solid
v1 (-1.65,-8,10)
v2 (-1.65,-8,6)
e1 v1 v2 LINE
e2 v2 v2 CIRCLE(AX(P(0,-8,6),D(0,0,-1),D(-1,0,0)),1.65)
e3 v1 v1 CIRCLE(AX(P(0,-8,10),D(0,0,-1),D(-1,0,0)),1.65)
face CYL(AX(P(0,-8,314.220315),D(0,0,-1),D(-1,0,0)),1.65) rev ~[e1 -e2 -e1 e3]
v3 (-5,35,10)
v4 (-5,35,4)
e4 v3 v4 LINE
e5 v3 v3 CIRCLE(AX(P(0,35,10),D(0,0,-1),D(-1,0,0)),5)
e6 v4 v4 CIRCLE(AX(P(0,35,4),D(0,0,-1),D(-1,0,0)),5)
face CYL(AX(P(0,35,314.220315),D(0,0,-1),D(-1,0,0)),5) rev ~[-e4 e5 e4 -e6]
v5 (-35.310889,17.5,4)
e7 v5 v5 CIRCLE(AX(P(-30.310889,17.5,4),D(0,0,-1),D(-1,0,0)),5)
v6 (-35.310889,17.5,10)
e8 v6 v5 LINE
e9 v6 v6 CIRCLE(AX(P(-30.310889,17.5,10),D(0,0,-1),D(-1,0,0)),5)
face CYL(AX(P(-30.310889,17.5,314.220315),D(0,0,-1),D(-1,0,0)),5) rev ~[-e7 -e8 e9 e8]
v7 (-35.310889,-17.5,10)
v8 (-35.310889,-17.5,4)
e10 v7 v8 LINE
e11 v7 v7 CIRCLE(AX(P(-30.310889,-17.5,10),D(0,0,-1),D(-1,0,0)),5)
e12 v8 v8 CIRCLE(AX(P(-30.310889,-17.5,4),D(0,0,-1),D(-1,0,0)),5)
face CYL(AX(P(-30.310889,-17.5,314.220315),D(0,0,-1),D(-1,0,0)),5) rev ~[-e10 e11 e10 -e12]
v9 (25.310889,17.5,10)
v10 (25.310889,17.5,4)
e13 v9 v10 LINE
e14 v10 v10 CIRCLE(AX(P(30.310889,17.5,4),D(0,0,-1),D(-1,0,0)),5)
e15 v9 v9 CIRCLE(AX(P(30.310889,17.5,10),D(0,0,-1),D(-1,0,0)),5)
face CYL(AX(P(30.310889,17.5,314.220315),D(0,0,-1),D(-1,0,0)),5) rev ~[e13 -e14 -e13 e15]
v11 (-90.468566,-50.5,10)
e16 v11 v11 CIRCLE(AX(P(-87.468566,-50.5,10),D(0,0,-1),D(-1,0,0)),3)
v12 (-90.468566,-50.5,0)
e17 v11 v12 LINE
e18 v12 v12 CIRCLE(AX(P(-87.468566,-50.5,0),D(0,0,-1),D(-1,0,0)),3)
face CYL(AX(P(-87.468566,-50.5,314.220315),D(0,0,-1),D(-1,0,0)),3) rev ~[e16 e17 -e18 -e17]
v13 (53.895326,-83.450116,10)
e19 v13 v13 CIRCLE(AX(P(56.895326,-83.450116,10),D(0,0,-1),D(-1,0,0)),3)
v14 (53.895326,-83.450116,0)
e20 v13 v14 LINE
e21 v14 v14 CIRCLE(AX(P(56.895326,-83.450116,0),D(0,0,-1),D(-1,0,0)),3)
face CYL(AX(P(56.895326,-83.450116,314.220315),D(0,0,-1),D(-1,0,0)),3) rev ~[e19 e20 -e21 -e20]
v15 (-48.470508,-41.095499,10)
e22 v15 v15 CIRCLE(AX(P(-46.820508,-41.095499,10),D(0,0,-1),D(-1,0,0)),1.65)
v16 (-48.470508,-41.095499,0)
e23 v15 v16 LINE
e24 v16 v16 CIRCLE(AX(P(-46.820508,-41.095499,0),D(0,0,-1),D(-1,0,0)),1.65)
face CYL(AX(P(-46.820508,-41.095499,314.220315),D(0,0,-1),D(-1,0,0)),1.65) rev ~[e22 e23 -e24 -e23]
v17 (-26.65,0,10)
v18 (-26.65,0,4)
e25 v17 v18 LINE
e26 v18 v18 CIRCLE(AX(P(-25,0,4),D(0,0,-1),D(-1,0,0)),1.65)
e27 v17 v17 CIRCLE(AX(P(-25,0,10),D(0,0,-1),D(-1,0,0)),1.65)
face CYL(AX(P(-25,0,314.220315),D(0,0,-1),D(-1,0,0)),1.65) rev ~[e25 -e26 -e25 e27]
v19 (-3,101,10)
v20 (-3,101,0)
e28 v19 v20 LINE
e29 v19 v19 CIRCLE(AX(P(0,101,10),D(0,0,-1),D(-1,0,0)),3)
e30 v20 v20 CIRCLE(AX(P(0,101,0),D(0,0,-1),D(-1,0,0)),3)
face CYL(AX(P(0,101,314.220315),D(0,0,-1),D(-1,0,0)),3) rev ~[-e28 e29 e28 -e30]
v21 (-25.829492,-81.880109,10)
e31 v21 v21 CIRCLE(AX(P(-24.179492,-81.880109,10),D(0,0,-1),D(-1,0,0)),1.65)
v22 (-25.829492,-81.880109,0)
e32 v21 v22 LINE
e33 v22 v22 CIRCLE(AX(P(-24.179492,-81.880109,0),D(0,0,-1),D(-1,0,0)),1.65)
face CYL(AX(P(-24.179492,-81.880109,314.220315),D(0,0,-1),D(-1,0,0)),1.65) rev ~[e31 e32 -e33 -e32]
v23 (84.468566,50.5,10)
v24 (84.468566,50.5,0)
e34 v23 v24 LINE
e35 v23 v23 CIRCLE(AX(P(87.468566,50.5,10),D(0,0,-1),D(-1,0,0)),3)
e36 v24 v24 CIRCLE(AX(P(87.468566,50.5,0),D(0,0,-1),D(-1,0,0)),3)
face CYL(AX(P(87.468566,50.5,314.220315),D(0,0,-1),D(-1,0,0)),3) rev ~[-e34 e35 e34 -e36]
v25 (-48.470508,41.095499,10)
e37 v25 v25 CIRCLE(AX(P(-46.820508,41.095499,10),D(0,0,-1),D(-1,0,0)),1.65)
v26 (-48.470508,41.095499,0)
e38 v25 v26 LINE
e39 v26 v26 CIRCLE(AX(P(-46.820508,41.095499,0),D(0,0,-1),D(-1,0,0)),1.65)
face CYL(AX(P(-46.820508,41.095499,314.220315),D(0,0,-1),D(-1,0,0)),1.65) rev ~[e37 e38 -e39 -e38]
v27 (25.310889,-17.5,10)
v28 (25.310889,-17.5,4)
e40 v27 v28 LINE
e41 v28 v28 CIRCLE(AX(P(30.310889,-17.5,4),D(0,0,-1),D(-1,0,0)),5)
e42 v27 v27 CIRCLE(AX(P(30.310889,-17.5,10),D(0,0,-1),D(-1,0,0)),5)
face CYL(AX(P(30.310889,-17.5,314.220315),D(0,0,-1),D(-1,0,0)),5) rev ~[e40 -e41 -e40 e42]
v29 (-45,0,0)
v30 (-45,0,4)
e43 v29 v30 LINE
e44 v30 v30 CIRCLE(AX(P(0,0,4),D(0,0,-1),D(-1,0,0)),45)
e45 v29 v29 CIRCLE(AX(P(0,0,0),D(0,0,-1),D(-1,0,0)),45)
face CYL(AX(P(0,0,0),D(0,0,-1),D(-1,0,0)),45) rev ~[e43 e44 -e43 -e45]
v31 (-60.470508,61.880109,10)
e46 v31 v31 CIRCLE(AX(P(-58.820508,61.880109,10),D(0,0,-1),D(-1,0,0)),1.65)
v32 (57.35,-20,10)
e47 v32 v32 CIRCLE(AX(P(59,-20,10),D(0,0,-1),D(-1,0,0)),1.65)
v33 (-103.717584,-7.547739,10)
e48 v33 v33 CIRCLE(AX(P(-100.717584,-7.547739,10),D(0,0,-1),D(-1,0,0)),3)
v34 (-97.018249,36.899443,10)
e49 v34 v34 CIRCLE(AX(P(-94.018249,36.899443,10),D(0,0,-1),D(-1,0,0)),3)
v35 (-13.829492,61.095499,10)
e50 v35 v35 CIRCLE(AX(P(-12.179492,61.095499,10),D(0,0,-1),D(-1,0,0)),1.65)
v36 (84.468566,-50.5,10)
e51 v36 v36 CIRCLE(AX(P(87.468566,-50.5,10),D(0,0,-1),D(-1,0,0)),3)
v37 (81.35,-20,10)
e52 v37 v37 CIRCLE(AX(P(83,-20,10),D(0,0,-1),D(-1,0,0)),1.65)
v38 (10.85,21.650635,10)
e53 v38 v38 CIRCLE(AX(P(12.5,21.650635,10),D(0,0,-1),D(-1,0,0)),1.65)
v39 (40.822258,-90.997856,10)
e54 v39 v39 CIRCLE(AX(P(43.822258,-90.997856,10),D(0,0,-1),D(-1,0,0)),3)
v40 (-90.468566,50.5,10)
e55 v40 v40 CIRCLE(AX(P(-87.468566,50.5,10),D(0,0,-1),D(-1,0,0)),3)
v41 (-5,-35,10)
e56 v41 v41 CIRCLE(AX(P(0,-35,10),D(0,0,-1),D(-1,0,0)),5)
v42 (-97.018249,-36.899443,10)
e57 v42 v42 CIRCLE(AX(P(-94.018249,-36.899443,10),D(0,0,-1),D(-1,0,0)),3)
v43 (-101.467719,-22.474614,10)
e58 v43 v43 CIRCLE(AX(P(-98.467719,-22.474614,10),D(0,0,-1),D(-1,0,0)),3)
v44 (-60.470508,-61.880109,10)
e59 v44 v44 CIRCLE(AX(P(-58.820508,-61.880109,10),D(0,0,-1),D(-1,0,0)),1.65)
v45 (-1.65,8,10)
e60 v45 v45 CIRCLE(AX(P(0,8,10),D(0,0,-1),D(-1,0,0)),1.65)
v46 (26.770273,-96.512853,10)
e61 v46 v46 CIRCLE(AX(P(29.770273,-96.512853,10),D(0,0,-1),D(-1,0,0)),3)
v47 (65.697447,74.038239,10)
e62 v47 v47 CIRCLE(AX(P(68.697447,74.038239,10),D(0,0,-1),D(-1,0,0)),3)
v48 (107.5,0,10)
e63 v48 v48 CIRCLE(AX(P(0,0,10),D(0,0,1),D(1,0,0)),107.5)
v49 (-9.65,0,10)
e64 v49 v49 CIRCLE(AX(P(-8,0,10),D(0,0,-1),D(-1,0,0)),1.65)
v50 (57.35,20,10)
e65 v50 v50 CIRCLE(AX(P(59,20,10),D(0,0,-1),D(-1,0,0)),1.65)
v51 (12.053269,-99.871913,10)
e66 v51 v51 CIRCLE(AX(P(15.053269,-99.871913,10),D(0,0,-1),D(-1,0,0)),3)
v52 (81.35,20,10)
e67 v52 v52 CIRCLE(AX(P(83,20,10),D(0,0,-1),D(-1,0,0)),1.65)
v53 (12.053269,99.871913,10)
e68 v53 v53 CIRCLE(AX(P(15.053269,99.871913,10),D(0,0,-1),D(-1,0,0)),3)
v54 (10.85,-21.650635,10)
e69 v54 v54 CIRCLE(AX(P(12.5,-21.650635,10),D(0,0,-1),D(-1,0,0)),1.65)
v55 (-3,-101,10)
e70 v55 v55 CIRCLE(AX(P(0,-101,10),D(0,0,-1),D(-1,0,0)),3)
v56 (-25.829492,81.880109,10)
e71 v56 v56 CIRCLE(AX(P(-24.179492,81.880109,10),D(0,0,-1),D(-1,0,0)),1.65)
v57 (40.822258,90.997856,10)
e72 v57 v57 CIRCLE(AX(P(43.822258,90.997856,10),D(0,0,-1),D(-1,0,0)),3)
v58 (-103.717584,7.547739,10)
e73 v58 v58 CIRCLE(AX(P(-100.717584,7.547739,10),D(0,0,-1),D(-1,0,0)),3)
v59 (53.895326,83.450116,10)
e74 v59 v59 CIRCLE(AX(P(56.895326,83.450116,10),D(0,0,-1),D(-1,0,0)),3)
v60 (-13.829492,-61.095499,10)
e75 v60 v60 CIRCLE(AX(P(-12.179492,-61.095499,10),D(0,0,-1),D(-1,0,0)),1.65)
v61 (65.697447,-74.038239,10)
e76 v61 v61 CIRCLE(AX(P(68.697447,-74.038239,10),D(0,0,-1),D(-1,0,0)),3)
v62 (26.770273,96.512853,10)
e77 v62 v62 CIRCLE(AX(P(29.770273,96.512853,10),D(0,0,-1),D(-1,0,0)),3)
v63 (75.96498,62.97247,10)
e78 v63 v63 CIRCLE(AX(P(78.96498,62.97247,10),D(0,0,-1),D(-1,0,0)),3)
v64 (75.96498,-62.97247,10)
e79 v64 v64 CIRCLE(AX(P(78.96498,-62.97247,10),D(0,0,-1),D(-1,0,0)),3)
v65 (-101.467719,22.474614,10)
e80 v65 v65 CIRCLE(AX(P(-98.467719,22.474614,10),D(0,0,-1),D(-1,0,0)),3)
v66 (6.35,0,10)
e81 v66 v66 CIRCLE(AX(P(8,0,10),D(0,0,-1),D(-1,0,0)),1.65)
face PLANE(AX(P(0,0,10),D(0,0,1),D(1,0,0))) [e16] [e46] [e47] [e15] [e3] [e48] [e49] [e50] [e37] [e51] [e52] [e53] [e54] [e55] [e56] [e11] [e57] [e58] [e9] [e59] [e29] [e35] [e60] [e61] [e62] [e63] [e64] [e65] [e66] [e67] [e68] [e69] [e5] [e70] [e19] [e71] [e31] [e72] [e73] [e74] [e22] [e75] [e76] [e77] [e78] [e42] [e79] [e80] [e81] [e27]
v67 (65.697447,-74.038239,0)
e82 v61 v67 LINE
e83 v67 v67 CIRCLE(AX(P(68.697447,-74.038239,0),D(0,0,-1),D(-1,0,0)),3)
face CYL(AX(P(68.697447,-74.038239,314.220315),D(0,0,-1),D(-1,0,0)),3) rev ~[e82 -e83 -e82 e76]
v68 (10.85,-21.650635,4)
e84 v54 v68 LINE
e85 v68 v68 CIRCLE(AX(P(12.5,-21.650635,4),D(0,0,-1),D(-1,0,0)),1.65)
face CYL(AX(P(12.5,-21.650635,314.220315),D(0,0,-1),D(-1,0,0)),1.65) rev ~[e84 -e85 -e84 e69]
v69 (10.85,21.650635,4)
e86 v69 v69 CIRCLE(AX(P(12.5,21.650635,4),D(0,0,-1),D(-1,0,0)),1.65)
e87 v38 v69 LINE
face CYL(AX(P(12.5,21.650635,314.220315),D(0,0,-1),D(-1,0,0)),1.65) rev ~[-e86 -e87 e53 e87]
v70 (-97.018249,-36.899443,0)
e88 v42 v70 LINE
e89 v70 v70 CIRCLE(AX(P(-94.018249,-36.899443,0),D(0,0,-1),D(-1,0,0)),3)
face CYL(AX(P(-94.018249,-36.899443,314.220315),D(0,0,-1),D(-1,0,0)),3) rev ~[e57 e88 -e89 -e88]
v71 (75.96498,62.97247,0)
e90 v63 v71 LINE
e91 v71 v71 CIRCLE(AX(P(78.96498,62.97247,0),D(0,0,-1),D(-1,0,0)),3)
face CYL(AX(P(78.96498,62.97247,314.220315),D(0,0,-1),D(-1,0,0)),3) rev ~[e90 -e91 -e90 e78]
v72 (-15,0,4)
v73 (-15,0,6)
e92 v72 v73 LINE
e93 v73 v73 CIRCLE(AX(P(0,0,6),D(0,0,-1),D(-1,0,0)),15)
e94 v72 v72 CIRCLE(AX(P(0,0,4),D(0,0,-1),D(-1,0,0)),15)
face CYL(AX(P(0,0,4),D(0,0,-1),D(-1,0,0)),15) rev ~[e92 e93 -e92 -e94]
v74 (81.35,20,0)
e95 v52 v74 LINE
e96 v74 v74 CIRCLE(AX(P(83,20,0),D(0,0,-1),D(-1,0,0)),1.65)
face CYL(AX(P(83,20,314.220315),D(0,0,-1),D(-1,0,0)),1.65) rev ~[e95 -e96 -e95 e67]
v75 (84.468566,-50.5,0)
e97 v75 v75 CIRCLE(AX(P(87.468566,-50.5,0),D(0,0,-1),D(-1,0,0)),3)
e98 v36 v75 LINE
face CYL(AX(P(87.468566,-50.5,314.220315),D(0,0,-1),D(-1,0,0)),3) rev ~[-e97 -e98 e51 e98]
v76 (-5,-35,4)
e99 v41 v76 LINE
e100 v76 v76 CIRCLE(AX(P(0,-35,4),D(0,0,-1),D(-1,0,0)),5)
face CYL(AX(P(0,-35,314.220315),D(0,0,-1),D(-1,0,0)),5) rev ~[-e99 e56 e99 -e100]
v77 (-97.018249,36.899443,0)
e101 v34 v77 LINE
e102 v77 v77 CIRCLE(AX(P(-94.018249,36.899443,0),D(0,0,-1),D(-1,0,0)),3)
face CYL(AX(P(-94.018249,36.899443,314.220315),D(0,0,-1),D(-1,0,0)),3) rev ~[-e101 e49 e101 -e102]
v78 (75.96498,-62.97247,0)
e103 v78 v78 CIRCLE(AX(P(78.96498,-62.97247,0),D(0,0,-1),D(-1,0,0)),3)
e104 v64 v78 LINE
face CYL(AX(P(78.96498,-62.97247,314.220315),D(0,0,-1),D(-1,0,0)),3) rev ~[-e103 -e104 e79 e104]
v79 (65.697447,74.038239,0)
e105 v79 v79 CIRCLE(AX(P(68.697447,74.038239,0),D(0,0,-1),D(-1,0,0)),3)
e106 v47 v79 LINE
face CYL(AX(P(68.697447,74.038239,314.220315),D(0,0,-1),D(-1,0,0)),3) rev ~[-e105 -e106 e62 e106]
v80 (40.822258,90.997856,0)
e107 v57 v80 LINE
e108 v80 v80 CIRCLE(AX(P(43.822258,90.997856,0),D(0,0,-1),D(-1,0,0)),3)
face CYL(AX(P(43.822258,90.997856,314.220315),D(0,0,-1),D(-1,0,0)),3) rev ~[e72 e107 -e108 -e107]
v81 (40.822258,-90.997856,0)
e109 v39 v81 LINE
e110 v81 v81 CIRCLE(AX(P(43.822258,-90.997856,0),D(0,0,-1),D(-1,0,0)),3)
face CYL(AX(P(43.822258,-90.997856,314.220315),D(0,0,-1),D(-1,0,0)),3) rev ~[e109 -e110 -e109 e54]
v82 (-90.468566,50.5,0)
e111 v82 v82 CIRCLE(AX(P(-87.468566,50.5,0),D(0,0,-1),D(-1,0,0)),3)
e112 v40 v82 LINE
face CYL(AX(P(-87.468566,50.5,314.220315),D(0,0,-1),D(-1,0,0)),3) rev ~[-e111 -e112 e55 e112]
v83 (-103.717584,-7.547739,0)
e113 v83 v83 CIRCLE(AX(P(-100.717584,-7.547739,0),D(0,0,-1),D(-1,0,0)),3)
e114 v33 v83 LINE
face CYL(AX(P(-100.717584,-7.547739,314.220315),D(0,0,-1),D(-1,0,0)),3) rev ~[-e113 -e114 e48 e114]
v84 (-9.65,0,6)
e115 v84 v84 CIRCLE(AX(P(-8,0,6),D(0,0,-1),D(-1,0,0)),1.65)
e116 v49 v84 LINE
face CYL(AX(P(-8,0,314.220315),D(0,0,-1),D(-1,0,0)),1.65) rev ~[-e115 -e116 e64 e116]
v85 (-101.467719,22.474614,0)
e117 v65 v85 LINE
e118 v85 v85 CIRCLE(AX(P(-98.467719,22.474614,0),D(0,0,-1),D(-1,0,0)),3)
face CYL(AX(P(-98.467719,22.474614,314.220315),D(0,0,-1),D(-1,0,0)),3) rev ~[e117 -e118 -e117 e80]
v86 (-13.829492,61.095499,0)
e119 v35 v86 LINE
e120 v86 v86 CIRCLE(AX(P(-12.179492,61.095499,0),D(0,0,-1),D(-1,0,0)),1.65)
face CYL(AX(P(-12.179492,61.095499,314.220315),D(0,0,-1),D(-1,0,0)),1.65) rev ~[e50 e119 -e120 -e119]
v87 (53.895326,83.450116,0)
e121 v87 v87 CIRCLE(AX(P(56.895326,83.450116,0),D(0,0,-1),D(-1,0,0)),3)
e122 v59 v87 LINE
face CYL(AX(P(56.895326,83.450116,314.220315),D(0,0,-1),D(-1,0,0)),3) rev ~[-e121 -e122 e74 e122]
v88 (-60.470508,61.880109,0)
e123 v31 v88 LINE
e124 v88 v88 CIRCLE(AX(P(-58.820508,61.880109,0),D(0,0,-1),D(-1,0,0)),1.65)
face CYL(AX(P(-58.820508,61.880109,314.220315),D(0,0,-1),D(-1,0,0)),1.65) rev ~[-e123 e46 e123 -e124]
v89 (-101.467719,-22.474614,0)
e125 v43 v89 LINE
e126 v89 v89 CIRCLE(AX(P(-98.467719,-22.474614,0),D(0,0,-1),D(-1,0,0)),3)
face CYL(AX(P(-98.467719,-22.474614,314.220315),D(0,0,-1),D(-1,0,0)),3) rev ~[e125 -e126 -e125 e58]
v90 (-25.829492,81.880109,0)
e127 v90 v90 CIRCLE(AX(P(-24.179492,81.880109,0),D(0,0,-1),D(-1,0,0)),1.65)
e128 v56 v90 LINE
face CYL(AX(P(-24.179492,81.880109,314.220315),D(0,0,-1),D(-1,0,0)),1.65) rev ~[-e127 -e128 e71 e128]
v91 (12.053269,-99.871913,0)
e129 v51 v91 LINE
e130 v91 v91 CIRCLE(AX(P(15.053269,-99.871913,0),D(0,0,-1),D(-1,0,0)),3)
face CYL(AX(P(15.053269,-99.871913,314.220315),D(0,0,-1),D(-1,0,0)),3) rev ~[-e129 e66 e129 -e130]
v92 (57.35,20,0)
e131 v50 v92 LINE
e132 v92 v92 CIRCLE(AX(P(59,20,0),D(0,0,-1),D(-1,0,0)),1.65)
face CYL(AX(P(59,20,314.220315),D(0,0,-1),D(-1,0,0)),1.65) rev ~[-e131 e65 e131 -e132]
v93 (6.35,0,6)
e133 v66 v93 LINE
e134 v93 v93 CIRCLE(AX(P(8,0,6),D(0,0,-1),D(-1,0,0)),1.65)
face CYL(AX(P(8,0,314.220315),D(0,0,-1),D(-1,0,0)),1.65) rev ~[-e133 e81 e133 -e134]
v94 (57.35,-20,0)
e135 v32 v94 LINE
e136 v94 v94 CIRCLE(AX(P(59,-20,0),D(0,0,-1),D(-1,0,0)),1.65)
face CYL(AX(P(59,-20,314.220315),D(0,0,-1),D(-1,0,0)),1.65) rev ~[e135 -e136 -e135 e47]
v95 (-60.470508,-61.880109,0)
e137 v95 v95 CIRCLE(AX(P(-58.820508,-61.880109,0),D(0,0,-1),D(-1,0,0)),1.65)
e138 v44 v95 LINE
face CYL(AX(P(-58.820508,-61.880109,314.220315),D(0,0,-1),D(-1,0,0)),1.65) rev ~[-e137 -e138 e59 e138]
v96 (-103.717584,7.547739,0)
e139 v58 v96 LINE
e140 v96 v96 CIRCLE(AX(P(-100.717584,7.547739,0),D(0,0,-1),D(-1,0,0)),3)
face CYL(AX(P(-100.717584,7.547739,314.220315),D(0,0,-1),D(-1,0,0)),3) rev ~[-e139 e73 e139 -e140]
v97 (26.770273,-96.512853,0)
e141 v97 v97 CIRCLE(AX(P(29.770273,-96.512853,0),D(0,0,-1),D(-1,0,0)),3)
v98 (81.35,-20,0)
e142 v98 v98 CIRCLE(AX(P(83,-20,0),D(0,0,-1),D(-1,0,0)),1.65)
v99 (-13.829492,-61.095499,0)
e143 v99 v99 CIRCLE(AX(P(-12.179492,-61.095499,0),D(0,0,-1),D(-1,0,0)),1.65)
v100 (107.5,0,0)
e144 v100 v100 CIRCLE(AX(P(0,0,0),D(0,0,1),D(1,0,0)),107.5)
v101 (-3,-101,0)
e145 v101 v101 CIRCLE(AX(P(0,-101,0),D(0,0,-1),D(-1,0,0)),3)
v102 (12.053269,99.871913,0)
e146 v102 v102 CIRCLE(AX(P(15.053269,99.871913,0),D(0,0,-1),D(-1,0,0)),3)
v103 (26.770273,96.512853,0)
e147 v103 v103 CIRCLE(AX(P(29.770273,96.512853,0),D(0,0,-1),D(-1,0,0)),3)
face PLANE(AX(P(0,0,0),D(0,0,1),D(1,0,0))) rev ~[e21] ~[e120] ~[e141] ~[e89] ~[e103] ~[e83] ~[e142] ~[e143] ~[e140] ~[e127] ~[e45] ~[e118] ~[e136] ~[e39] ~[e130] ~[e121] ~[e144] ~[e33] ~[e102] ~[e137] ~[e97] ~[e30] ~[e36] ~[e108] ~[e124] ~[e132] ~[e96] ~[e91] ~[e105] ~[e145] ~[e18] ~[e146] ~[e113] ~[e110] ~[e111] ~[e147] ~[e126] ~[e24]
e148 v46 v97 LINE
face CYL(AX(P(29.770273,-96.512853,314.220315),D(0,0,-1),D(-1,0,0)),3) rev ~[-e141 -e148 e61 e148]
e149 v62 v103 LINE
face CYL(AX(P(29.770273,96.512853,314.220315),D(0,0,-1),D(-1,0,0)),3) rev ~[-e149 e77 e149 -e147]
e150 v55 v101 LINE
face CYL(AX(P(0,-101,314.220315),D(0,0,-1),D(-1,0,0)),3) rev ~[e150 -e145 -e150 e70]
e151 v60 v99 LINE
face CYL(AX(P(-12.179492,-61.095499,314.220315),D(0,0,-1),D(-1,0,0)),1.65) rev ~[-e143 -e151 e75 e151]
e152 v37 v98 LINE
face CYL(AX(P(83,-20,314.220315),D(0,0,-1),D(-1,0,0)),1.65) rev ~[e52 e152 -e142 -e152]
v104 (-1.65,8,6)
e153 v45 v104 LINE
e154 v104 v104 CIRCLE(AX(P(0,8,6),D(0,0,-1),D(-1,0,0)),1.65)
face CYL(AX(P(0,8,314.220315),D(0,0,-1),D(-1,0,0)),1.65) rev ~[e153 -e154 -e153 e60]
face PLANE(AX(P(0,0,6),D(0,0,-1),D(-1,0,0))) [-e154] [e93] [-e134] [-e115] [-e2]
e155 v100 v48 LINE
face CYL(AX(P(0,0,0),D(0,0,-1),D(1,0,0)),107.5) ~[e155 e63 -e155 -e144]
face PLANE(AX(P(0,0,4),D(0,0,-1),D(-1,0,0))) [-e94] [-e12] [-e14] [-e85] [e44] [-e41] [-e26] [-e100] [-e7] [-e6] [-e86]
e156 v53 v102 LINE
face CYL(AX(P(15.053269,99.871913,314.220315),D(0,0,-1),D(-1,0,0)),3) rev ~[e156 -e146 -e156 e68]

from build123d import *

# Parameters (mm, degrees)
SKETCH1_R                  = 107.5
SKETCH1_R_2                = 94
BOSS_EXTRUDE1_DEPTH        = 10
F_10_0_10_DIAMETER_HOLE1_D = 10
F_6_0_6_DIAMETER_HOLE1_D   = 6
M4_TAPPED_HOLE2_D          = 3.3
SKETCH15_R                 = 45
CUT_EXTRUDE1_DEPTH         = 4
SKETCH16_R                 = 15
CUT_EXTRUDE2_DEPTH         = 2


with BuildPart() as part:
    # Sketch1 → Boss-Extrude1 (new body)
    with BuildSketch(Plane.XY):
        Circle(SKETCH1_R)
        Circle(SKETCH1_R_2, mode=Mode.SUBTRACT)
        Circle(SKETCH1_R_2)
    extrude(amount=BOSS_EXTRUDE1_DEPTH)

    # Ø10.0 (10) Diameter Hole1 (through all)
    with Locations(Plane.XY.offset(10)):
        with Locations((-30.310889132, 17.5), (-30.310889132, -17.5), (0, -35), (30.310889132, -17.5), (30.310889132, 17.5), (0, 35)):
            Hole(F_10_0_10_DIAMETER_HOLE1_D / 2)

    # Ø6.0 (6) Diameter Hole1 (through all)
    with Locations(Plane.XY.offset(10)):
        with Locations((-87.468565782, -50.5), (-94.018248613, -36.899443461), (-98.46771913, -22.47461433), (-100.717583515, -7.547739452), (-100.717583515, 7.547739452), (-98.46771913, 22.47461433), (-94.018248613, 36.899443461), (-87.468565782, 50.5), (0, 101), (15.053268884, 99.871913449), (29.770272616, 96.512853384), (43.822257651, 90.997855658), (56.895325864, 83.450116206), (68.697446515, 74.038239055), (78.964979729, 62.972469988), (87.468565782, 50.5), (87.468565782, -50.5), (78.964979729, -62.972469988), (68.697446515, -74.038239055), (56.895325864, -83.450116206), (43.822257651, -90.997855658), (29.770272616, -96.512853384), (15.053268884, -99.871913449), (0, -101)):
            Hole(F_6_0_6_DIAMETER_HOLE1_D / 2)

    # M4 Tapped Hole2 (through all)
    with Locations(Plane.XY.offset(10)):
        with Locations((-58.820508076, 61.880108514), (-24.179491924, 81.880108514), (-12.179491924, 61.095498823), (-46.820508076, 41.095498823), (12.5, 21.650635095), (-25, 0), (12.5, -21.650635095), (59, 20), (83, 20), (59, -20), (83, -20), (-12.179491924, -61.095498823), (-46.820508076, -41.095498823), (-58.820508076, -61.880108514), (-24.179491924, -81.880108514), (-8, 0), (0, 8), (8, 0), (0, -8)):
            Hole(M4_TAPPED_HOLE2_D / 2)

    # Sketch15 → Cut-Extrude1 (cut)
    with BuildSketch(Plane(origin=(0, 0, 0), x_dir=(-1, 0, 0), z_dir=(0, 0, -1))):
        Circle(SKETCH15_R)
    extrude(amount=-CUT_EXTRUDE1_DEPTH, mode=Mode.SUBTRACT)

    # Sketch16 → Cut-Extrude2 (cut)
    with BuildSketch(Plane(origin=(0, 0, 4), x_dir=(-1, 0, 0), z_dir=(0, 0, -1))):
        Circle(SKETCH16_R)
    extrude(amount=-CUT_EXTRUDE2_DEPTH, mode=Mode.SUBTRACT)


solid = part.part
